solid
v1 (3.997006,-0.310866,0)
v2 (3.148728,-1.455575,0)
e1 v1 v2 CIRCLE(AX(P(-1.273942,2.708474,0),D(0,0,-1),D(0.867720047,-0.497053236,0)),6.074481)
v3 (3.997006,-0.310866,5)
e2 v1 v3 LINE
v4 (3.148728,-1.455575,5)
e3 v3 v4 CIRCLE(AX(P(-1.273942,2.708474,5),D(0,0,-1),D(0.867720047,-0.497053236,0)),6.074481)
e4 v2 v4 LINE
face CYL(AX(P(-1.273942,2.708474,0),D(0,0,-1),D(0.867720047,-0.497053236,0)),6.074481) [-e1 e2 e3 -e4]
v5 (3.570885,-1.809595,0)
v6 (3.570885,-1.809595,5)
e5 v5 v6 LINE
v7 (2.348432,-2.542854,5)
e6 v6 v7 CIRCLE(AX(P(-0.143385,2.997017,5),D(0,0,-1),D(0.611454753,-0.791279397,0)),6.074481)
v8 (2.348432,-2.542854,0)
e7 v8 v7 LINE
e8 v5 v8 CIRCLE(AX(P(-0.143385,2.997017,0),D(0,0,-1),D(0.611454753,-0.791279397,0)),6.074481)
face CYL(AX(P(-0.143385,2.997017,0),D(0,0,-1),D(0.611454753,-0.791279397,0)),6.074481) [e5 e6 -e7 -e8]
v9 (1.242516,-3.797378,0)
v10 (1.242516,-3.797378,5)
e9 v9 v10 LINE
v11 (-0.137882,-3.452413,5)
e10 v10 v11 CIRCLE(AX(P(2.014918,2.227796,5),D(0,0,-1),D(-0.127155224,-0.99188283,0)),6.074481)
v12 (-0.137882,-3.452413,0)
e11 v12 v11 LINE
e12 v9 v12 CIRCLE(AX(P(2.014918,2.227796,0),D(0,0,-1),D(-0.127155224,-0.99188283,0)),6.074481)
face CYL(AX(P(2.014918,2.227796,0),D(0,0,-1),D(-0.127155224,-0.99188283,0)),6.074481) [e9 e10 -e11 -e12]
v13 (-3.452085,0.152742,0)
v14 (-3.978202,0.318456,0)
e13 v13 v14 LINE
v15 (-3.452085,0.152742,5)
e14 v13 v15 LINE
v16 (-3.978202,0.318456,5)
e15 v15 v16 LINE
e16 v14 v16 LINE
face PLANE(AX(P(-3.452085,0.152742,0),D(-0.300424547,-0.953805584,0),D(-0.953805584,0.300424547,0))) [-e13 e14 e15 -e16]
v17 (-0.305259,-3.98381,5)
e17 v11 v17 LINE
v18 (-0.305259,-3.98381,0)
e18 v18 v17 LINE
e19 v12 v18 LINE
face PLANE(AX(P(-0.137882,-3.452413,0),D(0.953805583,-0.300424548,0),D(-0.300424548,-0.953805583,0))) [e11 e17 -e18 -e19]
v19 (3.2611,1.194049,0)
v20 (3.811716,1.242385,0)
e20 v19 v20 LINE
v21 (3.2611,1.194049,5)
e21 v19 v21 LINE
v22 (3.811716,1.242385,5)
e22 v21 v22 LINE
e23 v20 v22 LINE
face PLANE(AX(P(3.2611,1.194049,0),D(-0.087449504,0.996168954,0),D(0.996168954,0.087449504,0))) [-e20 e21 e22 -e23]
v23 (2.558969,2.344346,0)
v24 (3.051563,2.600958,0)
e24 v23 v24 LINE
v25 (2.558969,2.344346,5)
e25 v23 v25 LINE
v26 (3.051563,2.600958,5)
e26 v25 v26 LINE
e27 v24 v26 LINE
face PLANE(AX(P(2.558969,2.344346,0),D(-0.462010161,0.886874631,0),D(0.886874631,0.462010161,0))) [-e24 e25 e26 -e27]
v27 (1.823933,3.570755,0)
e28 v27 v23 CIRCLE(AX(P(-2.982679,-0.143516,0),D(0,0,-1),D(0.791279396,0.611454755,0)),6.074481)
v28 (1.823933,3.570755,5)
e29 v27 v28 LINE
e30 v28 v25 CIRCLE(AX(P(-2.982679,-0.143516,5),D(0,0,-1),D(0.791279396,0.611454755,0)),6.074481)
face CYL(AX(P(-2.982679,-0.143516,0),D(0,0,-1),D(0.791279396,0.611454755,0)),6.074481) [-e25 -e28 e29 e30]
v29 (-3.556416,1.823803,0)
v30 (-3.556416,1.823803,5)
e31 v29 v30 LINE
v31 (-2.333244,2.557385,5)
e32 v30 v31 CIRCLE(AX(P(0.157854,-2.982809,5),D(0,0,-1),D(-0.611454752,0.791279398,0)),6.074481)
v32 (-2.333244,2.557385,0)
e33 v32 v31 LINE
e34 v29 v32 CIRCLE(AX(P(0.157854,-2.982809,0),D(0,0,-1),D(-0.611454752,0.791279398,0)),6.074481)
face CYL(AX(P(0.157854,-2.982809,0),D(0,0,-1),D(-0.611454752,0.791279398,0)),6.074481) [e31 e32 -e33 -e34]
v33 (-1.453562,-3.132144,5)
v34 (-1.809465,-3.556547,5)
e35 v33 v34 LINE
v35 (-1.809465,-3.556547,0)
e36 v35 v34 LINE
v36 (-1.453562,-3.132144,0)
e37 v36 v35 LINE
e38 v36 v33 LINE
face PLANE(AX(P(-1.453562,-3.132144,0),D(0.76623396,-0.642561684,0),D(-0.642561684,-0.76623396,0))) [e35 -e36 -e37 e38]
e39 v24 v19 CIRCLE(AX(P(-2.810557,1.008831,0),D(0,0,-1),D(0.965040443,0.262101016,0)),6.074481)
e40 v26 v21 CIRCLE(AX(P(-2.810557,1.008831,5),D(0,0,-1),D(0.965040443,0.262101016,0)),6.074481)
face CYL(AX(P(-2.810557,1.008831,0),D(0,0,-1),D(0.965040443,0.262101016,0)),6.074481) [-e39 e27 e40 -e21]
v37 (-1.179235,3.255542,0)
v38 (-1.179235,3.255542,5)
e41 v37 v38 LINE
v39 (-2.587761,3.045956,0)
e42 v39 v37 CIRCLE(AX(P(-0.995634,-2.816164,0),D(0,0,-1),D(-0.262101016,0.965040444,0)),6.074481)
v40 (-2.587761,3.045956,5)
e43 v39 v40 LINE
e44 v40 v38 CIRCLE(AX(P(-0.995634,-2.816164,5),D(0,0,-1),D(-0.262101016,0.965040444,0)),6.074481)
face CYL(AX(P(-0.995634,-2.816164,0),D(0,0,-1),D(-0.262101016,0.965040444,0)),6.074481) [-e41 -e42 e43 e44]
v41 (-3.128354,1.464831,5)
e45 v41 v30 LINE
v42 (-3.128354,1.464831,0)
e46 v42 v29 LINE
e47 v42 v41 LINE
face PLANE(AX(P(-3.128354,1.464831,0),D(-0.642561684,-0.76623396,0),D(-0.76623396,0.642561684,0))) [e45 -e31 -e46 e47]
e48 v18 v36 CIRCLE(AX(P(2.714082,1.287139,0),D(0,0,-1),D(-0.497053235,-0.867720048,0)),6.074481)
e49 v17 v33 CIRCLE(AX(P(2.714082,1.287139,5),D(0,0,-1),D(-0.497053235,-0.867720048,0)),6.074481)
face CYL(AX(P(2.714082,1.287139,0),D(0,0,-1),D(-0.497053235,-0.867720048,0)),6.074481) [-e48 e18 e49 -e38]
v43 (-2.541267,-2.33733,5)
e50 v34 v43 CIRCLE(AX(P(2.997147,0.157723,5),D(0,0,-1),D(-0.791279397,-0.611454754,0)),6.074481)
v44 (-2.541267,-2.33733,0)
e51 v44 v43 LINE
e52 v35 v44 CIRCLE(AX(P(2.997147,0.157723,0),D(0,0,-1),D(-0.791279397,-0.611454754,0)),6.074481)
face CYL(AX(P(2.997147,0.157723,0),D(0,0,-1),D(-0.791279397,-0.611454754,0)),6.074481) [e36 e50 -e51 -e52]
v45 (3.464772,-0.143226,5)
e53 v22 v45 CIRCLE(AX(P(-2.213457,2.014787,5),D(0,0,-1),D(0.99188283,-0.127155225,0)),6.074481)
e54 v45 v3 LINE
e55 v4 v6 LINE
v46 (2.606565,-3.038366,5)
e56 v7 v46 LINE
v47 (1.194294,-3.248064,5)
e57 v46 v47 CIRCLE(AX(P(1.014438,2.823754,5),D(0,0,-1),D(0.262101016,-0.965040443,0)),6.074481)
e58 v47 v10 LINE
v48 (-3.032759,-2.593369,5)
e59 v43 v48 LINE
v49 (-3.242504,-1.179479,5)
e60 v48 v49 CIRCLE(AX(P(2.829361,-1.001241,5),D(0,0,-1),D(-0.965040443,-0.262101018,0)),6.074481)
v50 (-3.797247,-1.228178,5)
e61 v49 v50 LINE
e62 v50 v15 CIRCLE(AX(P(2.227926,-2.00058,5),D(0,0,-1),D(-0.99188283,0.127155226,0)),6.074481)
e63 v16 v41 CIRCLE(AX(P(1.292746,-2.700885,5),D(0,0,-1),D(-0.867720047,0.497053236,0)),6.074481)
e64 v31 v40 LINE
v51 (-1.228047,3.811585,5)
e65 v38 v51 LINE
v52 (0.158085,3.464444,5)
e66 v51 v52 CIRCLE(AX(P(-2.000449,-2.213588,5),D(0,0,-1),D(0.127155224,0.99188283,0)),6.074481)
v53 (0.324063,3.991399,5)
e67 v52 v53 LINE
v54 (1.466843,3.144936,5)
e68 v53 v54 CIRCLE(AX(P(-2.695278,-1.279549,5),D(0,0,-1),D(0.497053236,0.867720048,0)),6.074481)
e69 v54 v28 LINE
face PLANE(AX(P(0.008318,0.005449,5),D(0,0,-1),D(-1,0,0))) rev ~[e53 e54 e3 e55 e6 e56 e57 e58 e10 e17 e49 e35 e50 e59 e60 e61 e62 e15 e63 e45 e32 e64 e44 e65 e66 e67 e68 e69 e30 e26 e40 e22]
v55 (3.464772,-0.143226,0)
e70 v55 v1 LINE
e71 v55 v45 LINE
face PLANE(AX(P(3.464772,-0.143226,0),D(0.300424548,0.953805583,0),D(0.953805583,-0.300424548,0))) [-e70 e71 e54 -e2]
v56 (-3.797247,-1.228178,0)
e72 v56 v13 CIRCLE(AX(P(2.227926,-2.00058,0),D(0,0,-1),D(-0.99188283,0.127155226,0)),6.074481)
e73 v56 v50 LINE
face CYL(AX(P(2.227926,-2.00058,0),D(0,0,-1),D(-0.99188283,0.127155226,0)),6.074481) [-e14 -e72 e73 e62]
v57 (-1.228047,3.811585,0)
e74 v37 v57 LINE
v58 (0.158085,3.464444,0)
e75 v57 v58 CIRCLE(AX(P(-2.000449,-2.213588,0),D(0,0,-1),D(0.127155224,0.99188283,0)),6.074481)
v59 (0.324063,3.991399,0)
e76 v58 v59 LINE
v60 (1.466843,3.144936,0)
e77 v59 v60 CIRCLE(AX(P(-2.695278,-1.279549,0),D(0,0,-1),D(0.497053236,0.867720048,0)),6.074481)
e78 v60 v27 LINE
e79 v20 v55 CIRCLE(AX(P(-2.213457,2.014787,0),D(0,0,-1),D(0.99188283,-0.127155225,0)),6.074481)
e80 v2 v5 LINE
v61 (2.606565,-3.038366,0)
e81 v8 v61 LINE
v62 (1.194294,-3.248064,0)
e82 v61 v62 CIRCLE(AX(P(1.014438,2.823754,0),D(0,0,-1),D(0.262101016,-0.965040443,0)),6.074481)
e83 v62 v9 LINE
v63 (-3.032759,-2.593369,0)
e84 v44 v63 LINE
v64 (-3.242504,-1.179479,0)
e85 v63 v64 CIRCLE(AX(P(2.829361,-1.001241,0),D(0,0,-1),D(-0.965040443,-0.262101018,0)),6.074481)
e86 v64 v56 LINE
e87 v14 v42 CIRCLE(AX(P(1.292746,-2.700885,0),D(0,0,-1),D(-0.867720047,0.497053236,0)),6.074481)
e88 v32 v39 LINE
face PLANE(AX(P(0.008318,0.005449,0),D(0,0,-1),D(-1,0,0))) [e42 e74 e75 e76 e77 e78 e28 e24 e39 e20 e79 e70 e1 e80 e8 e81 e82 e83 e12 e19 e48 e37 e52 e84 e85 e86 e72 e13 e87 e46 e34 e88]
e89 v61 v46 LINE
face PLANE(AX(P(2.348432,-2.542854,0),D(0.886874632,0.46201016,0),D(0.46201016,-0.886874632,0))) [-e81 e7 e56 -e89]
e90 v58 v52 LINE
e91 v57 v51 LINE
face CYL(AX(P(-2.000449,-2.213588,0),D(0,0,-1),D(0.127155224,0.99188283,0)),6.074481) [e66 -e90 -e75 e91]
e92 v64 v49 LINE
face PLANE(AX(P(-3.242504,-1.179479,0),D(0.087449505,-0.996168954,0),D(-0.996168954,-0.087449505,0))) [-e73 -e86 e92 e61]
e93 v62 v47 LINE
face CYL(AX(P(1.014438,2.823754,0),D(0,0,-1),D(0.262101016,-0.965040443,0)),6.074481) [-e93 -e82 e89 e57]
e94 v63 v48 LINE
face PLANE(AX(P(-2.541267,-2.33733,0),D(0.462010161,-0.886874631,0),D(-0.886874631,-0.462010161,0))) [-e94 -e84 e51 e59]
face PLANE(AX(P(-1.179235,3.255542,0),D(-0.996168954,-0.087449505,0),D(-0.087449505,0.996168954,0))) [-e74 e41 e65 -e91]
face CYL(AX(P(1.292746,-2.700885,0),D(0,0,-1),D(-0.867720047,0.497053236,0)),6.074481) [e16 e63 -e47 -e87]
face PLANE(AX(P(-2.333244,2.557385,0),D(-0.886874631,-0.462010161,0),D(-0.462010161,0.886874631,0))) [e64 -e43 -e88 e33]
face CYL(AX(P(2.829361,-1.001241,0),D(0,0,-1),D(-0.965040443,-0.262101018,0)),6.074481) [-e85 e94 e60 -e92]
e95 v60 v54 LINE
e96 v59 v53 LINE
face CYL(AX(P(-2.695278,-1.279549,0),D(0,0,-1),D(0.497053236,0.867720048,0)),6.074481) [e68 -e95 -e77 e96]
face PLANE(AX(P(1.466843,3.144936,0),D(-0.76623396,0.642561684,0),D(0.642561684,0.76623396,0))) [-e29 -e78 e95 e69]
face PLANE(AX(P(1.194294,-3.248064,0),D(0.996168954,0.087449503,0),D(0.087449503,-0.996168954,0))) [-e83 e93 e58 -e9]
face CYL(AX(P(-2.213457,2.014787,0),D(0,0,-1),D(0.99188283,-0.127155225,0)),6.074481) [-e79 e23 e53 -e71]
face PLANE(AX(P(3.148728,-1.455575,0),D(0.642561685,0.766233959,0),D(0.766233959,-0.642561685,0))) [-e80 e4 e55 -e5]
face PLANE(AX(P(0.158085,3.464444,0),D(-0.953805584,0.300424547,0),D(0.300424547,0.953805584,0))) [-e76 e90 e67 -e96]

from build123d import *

# Parameters (mm, degrees)
BOSS_EXTRUDE3_DEPTH = 5


with BuildPart() as part:
    # Sketch1 → Boss-Extrude3 (new body)
    with BuildSketch(Plane.XY):
        with BuildLine():
            Line((3.261099582, 1.194049175), (3.81171563, 1.242385454))
            ThreePointArc((3.81171563, 1.242385454), (3.679113284, 0.539346603), (3.464772438, -0.143225745))
            Line((3.464772438, -0.143225745), (3.997006384, -0.310865928))
            ThreePointArc((3.997006384, -0.310865928), (3.606544346, -0.90817684), (3.148727576, -1.455574989))
            Line((3.148727576, -1.455574989), (3.570884713, -1.8095948))
            ThreePointArc((3.570884713, -1.8095948), (2.981242264, -2.212207675), (2.348432127, -2.542853522))
            Line((2.348432127, -2.542853522), (2.60656535, -3.038366017))
            ThreePointArc((2.60656535, -3.038366017), (1.906611892, -3.184852059), (1.194293663, -3.248063959))
            Line((1.194293663, -3.248063959), (1.242515605, -3.797377559))
            ThreePointArc((1.242515605, -3.797377559), (0.542181479, -3.66545179), (-0.137882302, -3.452412943))
            Line((-0.137882302, -3.452412943), (-0.305258742, -3.983809541))
            ThreePointArc((-0.305258742, -3.983809541), (-0.904553156, -3.591877018), (-1.453561846, -3.132144098))
            Line((-1.453561846, -3.132144098), (-1.809464649, -3.556546643))
            ThreePointArc((-1.809464649, -3.556546643), (-2.211164681, -2.968425537), (-2.541266837, -2.337329731))
            Line((-2.541266837, -2.337329731), (-3.03275883, -2.593368507))
            ThreePointArc((-3.03275883, -2.593368507), (-3.17936368, -1.892614543), (-3.242504481, -1.179478974))
            Line((-3.242504481, -1.179478974), (-3.797247408, -1.228177535))
            ThreePointArc((-3.797247408, -1.228177535), (-3.665254009, -0.527572813), (-3.452085069, 0.152741995))
            Line((-3.452085069, 0.152741995), (-3.978202355, 0.318455585))
            ThreePointArc((-3.978202355, 0.318455585), (-3.587058838, 0.916685937), (-3.128354184, 1.464830849))
            Line((-3.128354184, 1.464830849), (-3.556416492, 1.823802719))
            ThreePointArc((-3.556416492, 1.823802719), (-2.966435761, 2.226618489), (-2.333244393, 2.55738502))
            Line((-2.333244393, 2.55738502), (-2.587761321, 3.045955674))
            ThreePointArc((-2.587761321, 3.045955674), (-1.889660833, 3.19216629), (-1.179234612, 3.255541529))
            Line((-1.179234612, 3.255541529), (-1.228047384, 3.811585479))
            ThreePointArc((-1.228047384, 3.811585479), (-0.524737953, 3.678915376), (0.158085284, 3.464444075))
            Line((0.158085284, 3.464444075), (0.324062771, 3.991399198))
            ThreePointArc((0.324062771, 3.991399198), (0.92030935, 3.601725697), (1.466842606, 3.144936008))
            Line((1.466842606, 3.144936008), (1.82393287, 3.570754562))
            ThreePointArc((1.82393287, 3.570754562), (2.227660979, 2.979252099), (2.558969454, 2.344345616))
            Line((2.558969454, 2.344345616), (3.05156286, 2.600958164))
            ThreePointArc((3.05156286, 2.600958164), (3.197654322, 1.903658089), (3.261099582, 1.194049175))
        make_face()
    extrude(amount=BOSS_EXTRUDE3_DEPTH)


solid = part.part
